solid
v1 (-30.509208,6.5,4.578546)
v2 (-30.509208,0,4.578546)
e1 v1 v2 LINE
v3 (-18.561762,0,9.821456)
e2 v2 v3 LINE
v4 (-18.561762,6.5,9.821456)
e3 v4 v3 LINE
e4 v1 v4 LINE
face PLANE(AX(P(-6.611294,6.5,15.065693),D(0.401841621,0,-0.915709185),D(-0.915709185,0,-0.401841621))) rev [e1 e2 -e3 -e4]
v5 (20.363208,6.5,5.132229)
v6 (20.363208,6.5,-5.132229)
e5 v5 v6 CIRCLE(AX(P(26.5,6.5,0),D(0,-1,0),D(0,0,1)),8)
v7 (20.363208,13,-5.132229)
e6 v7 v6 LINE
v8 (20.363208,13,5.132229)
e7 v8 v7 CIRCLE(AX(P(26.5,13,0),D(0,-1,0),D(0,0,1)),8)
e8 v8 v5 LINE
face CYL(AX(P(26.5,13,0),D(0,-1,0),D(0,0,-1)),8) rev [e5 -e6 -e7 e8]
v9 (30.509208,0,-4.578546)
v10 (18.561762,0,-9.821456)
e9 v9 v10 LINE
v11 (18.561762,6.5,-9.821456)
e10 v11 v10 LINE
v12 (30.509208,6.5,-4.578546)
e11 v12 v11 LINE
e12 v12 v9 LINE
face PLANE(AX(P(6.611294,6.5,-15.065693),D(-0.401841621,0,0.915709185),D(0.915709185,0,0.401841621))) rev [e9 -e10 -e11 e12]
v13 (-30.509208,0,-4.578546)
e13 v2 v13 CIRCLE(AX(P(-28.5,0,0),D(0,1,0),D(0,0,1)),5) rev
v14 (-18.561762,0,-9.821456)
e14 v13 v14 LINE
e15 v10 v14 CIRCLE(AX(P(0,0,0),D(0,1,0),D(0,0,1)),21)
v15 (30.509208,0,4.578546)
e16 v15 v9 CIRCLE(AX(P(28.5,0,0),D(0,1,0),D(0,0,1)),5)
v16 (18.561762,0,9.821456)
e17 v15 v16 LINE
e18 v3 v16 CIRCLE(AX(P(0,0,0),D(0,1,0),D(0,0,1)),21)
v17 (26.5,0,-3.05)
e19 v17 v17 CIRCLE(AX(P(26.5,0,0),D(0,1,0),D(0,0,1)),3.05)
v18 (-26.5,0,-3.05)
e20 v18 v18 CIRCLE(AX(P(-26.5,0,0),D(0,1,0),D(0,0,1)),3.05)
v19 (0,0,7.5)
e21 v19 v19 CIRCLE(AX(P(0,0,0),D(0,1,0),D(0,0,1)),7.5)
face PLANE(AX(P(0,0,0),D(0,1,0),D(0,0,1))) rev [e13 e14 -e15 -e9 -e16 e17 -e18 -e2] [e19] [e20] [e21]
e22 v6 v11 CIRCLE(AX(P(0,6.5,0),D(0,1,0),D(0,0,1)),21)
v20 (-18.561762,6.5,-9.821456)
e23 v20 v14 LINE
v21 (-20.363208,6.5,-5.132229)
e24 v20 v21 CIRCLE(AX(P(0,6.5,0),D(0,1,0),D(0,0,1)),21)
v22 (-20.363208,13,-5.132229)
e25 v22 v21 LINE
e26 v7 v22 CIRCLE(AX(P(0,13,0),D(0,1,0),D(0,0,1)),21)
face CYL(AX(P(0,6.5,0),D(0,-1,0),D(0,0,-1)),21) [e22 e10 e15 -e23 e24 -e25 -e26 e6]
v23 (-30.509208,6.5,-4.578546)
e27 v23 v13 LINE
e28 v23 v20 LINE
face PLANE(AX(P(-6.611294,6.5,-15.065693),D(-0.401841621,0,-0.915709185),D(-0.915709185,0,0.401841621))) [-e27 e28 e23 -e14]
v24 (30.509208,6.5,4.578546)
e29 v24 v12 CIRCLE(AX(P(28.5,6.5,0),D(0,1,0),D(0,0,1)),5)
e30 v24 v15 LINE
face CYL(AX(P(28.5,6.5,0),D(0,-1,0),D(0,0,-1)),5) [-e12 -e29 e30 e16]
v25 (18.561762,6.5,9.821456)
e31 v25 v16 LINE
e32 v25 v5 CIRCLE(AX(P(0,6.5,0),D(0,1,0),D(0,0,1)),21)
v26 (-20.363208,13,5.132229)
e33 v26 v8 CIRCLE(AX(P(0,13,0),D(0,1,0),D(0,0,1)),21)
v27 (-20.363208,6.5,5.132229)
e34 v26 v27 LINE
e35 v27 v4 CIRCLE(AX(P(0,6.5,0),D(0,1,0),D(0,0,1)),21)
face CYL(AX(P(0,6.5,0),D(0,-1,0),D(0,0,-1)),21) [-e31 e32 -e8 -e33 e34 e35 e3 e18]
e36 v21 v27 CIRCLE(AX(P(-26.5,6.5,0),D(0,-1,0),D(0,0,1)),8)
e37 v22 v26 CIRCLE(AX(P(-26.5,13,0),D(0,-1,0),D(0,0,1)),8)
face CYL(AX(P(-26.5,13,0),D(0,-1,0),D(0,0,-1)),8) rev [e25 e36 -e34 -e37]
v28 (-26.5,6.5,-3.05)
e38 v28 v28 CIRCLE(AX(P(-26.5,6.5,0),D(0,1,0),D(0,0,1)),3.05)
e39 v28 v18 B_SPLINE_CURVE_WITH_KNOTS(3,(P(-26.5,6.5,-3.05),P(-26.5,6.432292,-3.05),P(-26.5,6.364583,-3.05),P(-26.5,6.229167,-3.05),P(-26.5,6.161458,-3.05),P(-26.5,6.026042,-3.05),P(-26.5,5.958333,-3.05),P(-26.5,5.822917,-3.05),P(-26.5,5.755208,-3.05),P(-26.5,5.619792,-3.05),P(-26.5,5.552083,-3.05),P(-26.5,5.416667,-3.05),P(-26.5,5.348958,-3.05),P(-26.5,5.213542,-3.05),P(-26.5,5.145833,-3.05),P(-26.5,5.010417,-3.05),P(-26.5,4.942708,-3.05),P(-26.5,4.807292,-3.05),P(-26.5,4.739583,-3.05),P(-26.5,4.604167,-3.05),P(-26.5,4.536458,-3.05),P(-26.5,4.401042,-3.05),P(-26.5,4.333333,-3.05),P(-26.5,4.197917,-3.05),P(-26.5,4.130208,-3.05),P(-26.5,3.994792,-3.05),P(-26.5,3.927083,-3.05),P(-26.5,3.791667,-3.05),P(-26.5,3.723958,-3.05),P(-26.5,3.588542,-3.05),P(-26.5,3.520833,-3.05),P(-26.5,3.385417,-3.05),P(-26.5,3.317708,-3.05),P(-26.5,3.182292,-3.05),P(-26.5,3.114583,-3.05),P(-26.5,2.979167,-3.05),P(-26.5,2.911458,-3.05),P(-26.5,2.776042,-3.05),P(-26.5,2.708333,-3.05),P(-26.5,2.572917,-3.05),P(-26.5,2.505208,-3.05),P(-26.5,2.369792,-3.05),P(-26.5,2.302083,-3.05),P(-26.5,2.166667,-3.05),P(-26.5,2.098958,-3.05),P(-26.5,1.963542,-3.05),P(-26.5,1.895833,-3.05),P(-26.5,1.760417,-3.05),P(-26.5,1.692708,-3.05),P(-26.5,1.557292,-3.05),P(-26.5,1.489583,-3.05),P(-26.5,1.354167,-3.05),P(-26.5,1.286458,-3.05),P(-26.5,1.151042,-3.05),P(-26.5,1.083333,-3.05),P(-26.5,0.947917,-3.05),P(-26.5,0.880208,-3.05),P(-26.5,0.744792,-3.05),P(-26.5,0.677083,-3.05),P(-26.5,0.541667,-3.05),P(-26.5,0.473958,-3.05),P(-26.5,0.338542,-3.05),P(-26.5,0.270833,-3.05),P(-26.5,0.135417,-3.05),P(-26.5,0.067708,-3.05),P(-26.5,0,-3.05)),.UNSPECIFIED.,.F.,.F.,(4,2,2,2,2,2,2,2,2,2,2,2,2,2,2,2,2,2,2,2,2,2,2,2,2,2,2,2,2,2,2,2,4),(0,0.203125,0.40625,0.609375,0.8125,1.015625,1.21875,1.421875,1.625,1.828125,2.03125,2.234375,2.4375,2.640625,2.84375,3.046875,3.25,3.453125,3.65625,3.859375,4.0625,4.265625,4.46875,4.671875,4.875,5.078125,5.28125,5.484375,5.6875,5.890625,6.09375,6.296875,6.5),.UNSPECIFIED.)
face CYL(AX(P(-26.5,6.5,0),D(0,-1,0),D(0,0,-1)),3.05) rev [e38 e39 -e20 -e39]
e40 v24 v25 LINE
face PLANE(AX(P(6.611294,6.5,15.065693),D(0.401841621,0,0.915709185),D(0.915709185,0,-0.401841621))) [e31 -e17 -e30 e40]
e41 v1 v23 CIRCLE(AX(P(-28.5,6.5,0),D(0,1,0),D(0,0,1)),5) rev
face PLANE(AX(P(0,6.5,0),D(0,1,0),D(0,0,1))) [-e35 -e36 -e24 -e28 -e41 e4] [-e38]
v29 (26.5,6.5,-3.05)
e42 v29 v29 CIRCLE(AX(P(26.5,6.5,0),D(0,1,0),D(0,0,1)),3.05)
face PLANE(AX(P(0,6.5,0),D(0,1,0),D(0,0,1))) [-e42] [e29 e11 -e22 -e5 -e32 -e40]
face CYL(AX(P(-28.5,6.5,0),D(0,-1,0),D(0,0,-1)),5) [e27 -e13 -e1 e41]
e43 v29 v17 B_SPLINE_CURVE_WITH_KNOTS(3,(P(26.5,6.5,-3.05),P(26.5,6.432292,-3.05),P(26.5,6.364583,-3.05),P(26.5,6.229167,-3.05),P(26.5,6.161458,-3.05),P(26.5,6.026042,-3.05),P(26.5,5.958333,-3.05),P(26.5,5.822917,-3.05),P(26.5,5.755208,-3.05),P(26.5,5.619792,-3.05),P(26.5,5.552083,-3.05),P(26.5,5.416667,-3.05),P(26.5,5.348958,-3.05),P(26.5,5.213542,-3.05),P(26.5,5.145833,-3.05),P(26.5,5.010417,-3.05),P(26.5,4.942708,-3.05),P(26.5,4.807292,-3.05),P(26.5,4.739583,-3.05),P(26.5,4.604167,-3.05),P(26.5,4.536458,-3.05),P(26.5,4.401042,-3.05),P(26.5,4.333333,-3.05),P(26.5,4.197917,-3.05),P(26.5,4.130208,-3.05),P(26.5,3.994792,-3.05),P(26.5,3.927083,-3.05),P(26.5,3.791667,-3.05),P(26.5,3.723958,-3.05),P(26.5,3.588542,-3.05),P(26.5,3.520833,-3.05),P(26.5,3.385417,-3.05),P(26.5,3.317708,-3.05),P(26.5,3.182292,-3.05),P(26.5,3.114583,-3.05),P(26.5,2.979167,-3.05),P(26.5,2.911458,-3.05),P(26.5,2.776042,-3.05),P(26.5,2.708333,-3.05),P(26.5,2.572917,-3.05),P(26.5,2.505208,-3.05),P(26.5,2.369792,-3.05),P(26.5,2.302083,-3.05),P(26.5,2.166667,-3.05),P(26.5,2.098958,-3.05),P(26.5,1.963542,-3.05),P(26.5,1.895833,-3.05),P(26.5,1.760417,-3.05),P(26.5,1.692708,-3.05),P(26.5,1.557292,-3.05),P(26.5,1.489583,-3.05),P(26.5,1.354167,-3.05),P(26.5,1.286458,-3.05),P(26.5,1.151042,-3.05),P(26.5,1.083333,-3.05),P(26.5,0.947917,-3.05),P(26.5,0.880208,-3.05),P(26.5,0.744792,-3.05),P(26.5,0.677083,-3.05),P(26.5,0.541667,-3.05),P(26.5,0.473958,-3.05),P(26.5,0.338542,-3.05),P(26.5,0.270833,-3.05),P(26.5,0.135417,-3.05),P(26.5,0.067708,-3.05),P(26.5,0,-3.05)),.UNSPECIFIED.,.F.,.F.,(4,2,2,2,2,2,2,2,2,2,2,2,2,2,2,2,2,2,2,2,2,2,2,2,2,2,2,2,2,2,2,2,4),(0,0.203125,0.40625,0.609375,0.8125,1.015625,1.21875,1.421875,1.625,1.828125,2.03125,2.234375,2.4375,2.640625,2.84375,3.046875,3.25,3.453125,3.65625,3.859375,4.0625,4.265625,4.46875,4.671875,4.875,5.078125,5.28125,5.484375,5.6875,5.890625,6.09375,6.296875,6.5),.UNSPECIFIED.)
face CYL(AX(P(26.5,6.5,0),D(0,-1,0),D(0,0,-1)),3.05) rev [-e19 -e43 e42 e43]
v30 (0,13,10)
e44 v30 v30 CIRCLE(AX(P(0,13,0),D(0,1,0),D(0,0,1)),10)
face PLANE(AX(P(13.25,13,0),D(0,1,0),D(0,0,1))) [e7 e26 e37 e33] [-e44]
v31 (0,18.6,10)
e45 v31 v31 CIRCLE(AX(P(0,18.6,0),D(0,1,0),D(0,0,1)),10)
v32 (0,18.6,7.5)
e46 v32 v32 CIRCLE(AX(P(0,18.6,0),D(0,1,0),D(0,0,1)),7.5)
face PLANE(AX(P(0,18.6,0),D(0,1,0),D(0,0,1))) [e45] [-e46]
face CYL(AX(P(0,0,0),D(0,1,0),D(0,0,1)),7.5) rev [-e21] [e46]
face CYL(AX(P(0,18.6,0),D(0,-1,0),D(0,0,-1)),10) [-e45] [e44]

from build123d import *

# Parameters (mm, degrees)
SKETCH3_R           = 3.05
BOSS_EXTRUDE1_DEPTH = 6.5
BOSS_EXTRUDE2_DEPTH = 6.5
SKETCH5_R           = 10
BOSS_EXTRUDE3_DEPTH = 5.6
SKETCH6_R           = 7.5
CUT_EXTRUDE1_DEPTH  = 44.694507664


with BuildPart() as part:
    # Sketch3 → Boss-Extrude1 (new body)
    # profile 1 of 5: a face of its own
    with BuildSketch(Plane(origin=(0, 0, 0), x_dir=(1, 0, 0), z_dir=(0, 1, 0))):
        with BuildLine():
            Line((0, -17.966933692), (-18.56176162, -9.821456387))
            ThreePointArc((-18.56176162, -9.821456387), (0, -21), (18.56176162, -9.821456387))
            Line((18.56176162, -9.821456387), (0, -17.966933692))
        make_face()
    # profile 2 of 5: a face of its own
    with BuildSketch(Plane(origin=(0, 0, 0), x_dir=(1, 0, 0), z_dir=(0, 1, 0))):
        with BuildLine():
            Line((0, 17.966933692), (-18.56176162, 9.821456387))
            ThreePointArc((-18.56176162, 9.821456387), (-21, 0), (-18.56176162, -9.821456387))
            Line((-18.56176162, -9.821456387), (0, -17.966933692))
            Line((0, -17.966933692), (18.56176162, -9.821456387))
            ThreePointArc((18.56176162, -9.821456387), (20.381327165, -5.059792782), (21, 0))
            ThreePointArc((21, 0), (20.381327165, 5.059792782), (18.56176162, 9.821456387))
            Line((18.56176162, 9.821456387), (0, 17.966933692))
        make_face()
    # profile 3 of 5: a face of its own
    with BuildSketch(Plane(origin=(0, 0, 0), x_dir=(1, 0, 0), z_dir=(0, 1, 0))):
        with BuildLine():
            ThreePointArc((18.56176162, 9.821456387), (0, 21), (-18.56176162, 9.821456387))
            Line((-18.56176162, 9.821456387), (0, 17.966933692))
            Line((0, 17.966933692), (18.56176162, 9.821456387))
        make_face()
    # profile 4 of 5: a face of its own
    with BuildSketch(Plane(origin=(0, 0, 0), x_dir=(1, 0, 0), z_dir=(0, 1, 0))):
        with BuildLine():
            Line((30.509208106, 4.578545925), (18.56176162, 9.821456387))
            ThreePointArc((18.56176162, 9.821456387), (20.381327165, 5.059792782), (21, 0))
            ThreePointArc((21, 0), (20.381327165, -5.059792782), (18.56176162, -9.821456387))
            Line((18.56176162, -9.821456387), (30.509208106, -4.578545925))
            ThreePointArc((30.509208106, -4.578545925), (33.5, 0), (30.509208106, 4.578545925))
        make_face()
        with Locations(Location((26.5, 0, 0), (0, 0, 90))):
            Circle(SKETCH3_R, mode=Mode.SUBTRACT)
    # profile 5 of 5: a face of its own
    with BuildSketch(Plane(origin=(0, 0, 0), x_dir=(1, 0, 0), z_dir=(0, 1, 0))):
        with BuildLine():
            Line((-18.56176162, 9.821456387), (-30.509208106, 4.578545925))
            ThreePointArc((-30.509208106, 4.578545925), (-33.5, 0), (-30.509208106, -4.578545925))
            Line((-30.509208106, -4.578545925), (-18.56176162, -9.821456387))
            ThreePointArc((-18.56176162, -9.821456387), (-21, 0), (-18.56176162, 9.821456387))
        make_face()
        with Locations(Location((-26.5, 0, 0), (0, 0, 90))):
            Circle(SKETCH3_R, mode=Mode.SUBTRACT)
    extrude(amount=BOSS_EXTRUDE1_DEPTH)

    # Sketch4 → Boss-Extrude2 (add)
    with BuildSketch(Plane(origin=(0, 6.5, 0), x_dir=(1, 0, 0), z_dir=(0, 1, 0))):
        with BuildLine():
            ThreePointArc((20.363207547, 5.132229378), (0, 21), (-20.363207547, 5.132229378))
            ThreePointArc((-20.363207547, 5.132229378), (-18.5, 0), (-20.363207547, -5.132229378))
            ThreePointArc((-20.363207547, -5.132229378), (0, -21), (20.363207547, -5.132229378))
            ThreePointArc((20.363207547, -5.132229378), (18.5, 0), (20.363207547, 5.132229378))
        make_face()
    extrude(amount=BOSS_EXTRUDE2_DEPTH)

    # Sketch5 → Boss-Extrude3 (add)
    with BuildSketch(Plane(origin=(0, 13, 0), x_dir=(1, 0, 0), z_dir=(0, 1, 0))):
        with Locations(Location((0, 0, 0), (0, 0, 270))):
            Circle(SKETCH5_R)
    extrude(amount=BOSS_EXTRUDE3_DEPTH)

    # Sketch6 → Cut-Extrude1 (cut, through all)
    with BuildSketch(Plane(origin=(0, 18.6, 0), x_dir=(1, 0, 0), z_dir=(0, 1, 0))):
        with Locations(Location((0, 0, 0), (0, 0, 270))):
            Circle(SKETCH6_R)
    extrude(amount=-CUT_EXTRUDE1_DEPTH, mode=Mode.SUBTRACT)


solid = part.part
